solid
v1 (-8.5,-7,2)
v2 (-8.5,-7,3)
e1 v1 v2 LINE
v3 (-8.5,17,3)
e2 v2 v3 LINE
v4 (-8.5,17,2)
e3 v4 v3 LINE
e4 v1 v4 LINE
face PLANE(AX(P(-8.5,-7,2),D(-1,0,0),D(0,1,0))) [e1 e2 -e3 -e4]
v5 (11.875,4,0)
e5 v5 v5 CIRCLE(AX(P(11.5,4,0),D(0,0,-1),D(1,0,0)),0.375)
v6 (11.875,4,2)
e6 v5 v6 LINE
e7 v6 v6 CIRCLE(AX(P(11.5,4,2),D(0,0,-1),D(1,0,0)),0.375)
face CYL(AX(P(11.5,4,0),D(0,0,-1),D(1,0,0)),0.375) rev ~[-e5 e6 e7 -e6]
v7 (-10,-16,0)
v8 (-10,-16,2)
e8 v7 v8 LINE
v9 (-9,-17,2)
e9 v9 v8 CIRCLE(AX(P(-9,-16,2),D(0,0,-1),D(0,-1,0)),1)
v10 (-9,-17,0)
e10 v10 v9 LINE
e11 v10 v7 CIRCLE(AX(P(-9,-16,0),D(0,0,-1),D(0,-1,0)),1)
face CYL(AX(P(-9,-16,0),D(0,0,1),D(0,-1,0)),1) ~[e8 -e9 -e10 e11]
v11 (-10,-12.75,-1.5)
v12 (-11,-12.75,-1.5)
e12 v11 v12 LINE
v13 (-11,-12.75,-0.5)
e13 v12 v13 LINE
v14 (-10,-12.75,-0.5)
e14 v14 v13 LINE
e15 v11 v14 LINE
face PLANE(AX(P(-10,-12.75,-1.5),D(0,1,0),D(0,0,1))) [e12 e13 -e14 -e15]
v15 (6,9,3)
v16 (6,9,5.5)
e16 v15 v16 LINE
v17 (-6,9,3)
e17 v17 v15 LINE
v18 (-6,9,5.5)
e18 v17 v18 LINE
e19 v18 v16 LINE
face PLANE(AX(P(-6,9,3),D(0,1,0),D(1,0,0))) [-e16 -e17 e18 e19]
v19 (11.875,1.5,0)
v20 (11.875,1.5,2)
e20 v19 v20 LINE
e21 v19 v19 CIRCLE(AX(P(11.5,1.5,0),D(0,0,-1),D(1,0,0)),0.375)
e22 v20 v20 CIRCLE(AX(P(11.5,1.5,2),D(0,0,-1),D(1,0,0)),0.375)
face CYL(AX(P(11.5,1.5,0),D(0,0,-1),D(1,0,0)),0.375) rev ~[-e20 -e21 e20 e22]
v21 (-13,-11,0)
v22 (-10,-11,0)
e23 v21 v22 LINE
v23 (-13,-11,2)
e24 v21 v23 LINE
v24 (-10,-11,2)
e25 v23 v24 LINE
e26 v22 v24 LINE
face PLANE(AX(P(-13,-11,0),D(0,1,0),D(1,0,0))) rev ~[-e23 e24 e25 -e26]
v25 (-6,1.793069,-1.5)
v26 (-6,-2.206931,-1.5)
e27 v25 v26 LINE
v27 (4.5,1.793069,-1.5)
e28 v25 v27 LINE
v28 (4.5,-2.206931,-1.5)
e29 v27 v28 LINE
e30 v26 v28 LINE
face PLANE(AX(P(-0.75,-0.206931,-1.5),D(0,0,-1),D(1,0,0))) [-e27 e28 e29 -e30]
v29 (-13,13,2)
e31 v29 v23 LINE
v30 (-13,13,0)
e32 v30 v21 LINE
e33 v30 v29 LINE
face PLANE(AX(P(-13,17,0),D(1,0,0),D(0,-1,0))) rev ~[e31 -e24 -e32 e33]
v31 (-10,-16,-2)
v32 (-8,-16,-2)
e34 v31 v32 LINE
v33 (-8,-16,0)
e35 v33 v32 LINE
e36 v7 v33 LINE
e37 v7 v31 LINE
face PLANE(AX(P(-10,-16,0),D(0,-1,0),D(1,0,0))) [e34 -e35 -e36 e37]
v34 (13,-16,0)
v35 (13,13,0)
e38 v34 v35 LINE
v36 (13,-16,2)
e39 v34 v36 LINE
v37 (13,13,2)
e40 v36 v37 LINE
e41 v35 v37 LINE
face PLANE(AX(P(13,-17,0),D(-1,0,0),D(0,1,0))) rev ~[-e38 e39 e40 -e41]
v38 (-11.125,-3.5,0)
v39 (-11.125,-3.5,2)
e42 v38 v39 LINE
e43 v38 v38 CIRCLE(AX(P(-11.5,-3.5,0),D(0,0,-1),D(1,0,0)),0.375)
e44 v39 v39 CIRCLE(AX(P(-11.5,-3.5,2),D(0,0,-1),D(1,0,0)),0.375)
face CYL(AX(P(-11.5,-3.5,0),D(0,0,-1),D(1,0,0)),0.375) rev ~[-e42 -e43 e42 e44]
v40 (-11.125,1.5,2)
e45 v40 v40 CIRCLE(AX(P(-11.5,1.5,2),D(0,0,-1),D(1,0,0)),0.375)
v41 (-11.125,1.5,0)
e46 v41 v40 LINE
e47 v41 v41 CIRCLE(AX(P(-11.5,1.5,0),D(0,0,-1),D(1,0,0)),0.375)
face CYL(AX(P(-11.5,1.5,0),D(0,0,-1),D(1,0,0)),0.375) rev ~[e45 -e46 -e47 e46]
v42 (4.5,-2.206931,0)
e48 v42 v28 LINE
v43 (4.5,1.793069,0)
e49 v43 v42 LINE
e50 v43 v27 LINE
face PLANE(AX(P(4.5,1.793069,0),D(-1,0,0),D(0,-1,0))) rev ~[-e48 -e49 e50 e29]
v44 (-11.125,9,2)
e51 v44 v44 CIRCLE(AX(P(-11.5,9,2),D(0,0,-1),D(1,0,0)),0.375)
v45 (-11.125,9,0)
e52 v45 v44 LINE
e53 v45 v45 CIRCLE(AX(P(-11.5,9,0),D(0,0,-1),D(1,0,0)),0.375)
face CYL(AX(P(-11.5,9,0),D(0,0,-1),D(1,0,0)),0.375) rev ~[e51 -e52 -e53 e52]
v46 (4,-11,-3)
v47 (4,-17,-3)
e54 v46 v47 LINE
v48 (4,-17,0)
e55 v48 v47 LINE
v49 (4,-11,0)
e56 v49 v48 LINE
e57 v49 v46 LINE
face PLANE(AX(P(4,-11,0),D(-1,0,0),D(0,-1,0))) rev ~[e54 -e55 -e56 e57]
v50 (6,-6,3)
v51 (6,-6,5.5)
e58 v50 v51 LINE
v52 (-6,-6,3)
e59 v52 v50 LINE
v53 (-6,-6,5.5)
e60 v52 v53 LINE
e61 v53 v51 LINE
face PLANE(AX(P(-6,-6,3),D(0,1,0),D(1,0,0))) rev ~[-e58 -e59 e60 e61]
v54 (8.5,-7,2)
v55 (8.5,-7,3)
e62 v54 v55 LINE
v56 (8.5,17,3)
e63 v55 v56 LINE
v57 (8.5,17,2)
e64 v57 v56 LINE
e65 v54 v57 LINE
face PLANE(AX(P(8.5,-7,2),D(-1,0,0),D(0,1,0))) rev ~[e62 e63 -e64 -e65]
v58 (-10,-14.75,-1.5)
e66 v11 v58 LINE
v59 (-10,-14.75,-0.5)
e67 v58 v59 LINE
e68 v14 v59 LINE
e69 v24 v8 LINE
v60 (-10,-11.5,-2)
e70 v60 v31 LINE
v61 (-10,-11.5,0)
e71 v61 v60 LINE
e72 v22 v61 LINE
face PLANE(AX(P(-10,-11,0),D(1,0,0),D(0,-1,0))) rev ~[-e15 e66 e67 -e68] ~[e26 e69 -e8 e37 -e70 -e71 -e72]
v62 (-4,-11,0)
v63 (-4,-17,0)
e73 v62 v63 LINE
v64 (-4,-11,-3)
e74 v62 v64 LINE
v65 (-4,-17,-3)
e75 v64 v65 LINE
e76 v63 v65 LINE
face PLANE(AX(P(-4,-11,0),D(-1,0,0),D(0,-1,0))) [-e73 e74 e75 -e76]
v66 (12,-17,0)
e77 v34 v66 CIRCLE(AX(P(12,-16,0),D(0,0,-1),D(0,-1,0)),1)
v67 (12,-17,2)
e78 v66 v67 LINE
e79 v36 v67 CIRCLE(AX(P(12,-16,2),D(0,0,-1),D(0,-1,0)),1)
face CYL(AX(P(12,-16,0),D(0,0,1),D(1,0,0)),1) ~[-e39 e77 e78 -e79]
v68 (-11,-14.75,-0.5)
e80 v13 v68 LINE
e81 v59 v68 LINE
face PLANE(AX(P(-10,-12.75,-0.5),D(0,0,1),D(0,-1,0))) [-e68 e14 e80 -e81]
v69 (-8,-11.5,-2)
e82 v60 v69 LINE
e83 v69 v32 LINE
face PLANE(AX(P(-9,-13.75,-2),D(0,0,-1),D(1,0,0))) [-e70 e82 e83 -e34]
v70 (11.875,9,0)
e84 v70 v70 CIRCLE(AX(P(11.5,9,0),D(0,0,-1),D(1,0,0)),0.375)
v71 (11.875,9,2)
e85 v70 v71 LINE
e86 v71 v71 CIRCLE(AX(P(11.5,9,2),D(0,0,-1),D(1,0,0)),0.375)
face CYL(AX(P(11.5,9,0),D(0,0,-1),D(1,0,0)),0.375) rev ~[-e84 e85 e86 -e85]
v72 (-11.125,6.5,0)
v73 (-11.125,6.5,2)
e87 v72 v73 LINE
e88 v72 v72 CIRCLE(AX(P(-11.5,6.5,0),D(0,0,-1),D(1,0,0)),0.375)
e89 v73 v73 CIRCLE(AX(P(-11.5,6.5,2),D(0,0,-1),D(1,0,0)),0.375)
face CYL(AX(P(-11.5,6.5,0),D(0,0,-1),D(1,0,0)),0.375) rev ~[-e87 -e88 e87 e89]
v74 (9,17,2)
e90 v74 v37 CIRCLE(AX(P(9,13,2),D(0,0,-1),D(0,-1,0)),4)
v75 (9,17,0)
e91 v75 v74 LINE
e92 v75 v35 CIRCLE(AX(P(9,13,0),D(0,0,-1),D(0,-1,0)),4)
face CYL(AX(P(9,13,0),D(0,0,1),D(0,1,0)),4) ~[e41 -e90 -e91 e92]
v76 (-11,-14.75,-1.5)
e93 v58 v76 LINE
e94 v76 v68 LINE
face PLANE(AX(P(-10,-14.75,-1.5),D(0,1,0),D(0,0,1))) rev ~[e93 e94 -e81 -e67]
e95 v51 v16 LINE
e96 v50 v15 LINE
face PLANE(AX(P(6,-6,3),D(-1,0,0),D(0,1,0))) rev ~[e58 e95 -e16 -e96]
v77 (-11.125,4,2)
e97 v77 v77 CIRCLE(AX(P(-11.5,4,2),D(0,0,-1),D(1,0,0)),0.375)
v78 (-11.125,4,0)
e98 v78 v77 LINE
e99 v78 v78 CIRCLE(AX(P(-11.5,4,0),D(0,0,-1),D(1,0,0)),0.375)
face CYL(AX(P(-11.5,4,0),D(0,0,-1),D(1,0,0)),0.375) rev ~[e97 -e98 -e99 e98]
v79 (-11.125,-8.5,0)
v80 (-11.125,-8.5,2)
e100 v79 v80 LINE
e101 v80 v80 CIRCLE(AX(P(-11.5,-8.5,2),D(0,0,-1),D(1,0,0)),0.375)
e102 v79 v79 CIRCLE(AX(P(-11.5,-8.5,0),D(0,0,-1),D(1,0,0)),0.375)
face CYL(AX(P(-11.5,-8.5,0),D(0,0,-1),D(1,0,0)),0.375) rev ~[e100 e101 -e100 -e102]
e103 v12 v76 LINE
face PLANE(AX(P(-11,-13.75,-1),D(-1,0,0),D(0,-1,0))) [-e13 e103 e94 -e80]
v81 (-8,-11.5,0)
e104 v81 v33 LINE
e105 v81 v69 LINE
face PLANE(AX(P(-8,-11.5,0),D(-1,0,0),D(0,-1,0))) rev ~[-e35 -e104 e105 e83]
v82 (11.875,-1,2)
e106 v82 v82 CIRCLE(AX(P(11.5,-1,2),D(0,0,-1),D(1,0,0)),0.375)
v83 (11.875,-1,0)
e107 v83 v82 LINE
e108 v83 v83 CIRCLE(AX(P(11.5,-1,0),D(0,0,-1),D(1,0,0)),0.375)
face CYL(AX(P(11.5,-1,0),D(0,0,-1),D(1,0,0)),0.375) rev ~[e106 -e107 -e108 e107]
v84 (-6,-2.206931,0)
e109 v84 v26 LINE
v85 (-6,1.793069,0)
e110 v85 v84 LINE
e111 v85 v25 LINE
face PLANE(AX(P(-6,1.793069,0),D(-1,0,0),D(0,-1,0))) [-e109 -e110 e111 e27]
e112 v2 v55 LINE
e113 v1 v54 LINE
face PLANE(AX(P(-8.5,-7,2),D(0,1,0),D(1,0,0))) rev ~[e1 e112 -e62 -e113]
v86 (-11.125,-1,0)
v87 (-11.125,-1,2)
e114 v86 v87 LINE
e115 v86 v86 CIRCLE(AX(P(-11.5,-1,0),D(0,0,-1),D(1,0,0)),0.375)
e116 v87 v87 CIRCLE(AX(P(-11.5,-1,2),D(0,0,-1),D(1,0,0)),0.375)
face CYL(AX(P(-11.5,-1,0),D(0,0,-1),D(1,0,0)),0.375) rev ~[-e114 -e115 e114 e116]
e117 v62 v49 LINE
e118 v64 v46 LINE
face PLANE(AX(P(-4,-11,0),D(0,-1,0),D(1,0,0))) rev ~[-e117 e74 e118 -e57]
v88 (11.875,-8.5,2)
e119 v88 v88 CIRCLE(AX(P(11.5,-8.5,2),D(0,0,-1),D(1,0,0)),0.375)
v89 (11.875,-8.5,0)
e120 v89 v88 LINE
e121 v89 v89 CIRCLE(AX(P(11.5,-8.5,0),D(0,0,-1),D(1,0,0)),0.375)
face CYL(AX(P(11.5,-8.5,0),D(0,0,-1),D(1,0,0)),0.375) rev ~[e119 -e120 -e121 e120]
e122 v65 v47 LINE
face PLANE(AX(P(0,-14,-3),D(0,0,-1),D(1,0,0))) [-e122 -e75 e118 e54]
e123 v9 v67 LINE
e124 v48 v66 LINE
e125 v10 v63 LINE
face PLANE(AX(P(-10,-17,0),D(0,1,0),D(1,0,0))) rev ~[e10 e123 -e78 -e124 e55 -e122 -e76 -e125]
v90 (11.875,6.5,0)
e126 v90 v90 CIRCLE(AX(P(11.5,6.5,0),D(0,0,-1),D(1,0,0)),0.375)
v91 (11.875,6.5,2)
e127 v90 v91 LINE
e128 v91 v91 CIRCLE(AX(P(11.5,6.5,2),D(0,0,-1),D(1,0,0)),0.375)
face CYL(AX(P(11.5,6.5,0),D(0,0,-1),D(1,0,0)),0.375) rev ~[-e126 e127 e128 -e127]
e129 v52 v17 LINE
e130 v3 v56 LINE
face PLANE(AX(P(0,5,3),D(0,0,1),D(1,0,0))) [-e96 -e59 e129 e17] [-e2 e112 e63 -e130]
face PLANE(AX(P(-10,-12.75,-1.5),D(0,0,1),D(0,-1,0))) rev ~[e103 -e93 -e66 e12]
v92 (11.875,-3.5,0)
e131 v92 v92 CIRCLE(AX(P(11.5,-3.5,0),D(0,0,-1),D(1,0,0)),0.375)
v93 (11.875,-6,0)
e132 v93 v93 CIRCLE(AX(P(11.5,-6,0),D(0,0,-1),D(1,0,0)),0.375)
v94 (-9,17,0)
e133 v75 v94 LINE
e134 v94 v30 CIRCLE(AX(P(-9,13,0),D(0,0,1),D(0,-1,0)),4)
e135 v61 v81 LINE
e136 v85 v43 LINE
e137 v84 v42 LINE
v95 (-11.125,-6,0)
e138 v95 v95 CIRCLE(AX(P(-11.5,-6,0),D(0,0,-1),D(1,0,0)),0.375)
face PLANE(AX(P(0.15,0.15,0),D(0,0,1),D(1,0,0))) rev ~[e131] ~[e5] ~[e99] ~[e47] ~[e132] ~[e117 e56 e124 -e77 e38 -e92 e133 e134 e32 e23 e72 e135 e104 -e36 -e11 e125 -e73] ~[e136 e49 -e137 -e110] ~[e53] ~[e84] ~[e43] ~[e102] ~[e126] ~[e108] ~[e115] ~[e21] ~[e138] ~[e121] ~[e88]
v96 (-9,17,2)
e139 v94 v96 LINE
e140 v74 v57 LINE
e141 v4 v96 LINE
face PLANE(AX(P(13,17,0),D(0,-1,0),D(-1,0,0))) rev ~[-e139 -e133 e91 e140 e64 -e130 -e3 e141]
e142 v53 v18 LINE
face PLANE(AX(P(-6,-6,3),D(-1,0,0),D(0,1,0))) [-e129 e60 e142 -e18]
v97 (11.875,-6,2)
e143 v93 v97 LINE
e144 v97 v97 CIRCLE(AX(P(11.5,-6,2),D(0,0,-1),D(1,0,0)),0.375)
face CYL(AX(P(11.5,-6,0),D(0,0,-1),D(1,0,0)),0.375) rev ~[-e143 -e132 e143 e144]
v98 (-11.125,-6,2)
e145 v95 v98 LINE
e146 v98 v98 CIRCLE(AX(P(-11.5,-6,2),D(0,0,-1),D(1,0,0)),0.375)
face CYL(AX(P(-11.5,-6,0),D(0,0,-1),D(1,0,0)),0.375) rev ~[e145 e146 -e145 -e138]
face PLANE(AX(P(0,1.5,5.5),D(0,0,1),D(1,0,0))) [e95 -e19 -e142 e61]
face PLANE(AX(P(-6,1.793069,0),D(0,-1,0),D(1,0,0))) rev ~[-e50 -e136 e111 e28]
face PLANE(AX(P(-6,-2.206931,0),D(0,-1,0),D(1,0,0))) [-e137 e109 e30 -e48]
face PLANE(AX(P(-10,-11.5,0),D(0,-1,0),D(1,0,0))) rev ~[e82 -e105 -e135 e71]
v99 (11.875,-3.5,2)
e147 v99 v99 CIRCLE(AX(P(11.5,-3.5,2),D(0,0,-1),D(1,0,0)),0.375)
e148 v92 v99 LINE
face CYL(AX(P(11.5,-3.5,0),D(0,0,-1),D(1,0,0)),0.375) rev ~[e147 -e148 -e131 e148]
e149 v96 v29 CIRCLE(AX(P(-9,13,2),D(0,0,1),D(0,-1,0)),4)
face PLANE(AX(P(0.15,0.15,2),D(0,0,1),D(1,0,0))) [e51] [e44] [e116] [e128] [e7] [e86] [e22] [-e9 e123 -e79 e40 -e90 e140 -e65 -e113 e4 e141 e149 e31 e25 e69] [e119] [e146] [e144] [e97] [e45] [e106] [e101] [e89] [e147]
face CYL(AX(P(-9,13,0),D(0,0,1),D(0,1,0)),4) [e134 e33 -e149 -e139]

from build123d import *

# Parameters (mm, degrees)
F1_DEPTH  = 2
F2_W      = 17
F2_H      = 24
F3_DEPTH  = 1
F4_W      = 12
F4_H      = 15
F5_DEPTH  = 2.5
F6_W      = 8
F6_H      = 6
F7_DEPTH  = 3
F8_W      = 2
F8_H      = 4.5
F9_DEPTH  = 2
F10_W     = 2
F10_H     = 1
F11_DEPTH = 1
F12_W     = 10.5
F12_H     = 4
F13_DEPTH = 1.5
F14_R     = 0.375
F15_DEPTH = 25
F16_R     = 4
F17_R     = 1


with BuildPart() as f1:
    # F0 (on Top) → F1 (new body)
    with BuildSketch(Plane.XY):
        Polygon((13, 17), (-13, 17), (-13, -11), (-10, -11), (-10, -17), (13, -17), align=None)
    extrude(amount=F1_DEPTH)

    # F2 (on face) → F3 (join)
    with BuildSketch(Plane.XY.offset(2)):
        with Locations((0, 5)):
            Rectangle(F2_W, F2_H)
    extrude(amount=F3_DEPTH)

    # F4 (on face) → F5 (join)
    with BuildSketch(Plane.XY.offset(3)):
        with Locations((0, 1.5)):
            Rectangle(F4_W, F4_H)
    extrude(amount=F5_DEPTH)

    # F6 (on face) → F7 (join)
    with BuildSketch(Plane(origin=(0, 0, 0), x_dir=(1, 0, 0), z_dir=(0, 0, -1))):
        with Locations((0, 14)):
            Rectangle(F6_W, F6_H)
    extrude(amount=F7_DEPTH)

    # F8 (on face) → F9 (join)
    with BuildSketch(Plane(origin=(0, 0, 0), x_dir=(1, 0, 0), z_dir=(0, 0, -1))):
        with Locations((-9, 13.75)):
            Rectangle(F8_W, F8_H)
    extrude(amount=F9_DEPTH)

    # F10 (on face) → F11 (join)
    with BuildSketch(Plane(origin=(-10, 0, 0), x_dir=(0, -1, 0), z_dir=(-1, 0, 0))):
        with Locations((13.75, -1)):
            Rectangle(F10_W, F10_H)
    extrude(amount=F11_DEPTH)

    # F12 (on face) → F13 (join)
    with BuildSketch(Plane(origin=(0, 0, 0), x_dir=(1, 0, 0), z_dir=(0, 0, -1))):
        with Locations((-0.75, 0.206931)):
            Rectangle(F12_W, F12_H)
    extrude(amount=F13_DEPTH)

    # F14 (on face) → F15 (cut)
    with BuildSketch(Plane(origin=(0, 0, 0), x_dir=(1, 0, 0), z_dir=(0, 0, -1))):
        with Locations((-11.5, -9)):
            Circle(F14_R)
        with Locations((-11.5, -6.5)):
            Circle(F14_R)
        with Locations((-11.5, -4)):
            Circle(F14_R)
        with Locations((-11.5, -1.5)):
            Circle(F14_R)
        with Locations((-11.5, 1)):
            Circle(F14_R)
        with Locations((-11.5, 3.5)):
            Circle(F14_R)
        with Locations((-11.5, 6)):
            Circle(F14_R)
        with Locations((-11.5, 8.5)):
            Circle(F14_R)
        with Locations((11.5, -9)):
            Circle(F14_R)
        with Locations((11.5, -6.5)):
            Circle(F14_R)
        with Locations((11.5, -4)):
            Circle(F14_R)
        with Locations((11.5, -1.5)):
            Circle(F14_R)
        with Locations((11.5, 1)):
            Circle(F14_R)
        with Locations((11.5, 3.5)):
            Circle(F14_R)
        with Locations((11.5, 6)):
            Circle(F14_R)
        with Locations((11.5, 8.5)):
            Circle(F14_R)
    extrude(amount=-F15_DEPTH, mode=Mode.SUBTRACT)

    # F16
    f16_edges = [f1.edges().sort_by_distance(p)[0] for p in [
        (-13, 17, 1),
        (13, 17, 1),
    ]]
    fillet(f16_edges, radius=F16_R)

    # F17
    f17_edges = [f1.edges().sort_by_distance(p)[0] for p in [
        (-10, -17, 1),
        (13, -17, 1),
    ]]
    fillet(f17_edges, radius=F17_R)


solid = f1.part
